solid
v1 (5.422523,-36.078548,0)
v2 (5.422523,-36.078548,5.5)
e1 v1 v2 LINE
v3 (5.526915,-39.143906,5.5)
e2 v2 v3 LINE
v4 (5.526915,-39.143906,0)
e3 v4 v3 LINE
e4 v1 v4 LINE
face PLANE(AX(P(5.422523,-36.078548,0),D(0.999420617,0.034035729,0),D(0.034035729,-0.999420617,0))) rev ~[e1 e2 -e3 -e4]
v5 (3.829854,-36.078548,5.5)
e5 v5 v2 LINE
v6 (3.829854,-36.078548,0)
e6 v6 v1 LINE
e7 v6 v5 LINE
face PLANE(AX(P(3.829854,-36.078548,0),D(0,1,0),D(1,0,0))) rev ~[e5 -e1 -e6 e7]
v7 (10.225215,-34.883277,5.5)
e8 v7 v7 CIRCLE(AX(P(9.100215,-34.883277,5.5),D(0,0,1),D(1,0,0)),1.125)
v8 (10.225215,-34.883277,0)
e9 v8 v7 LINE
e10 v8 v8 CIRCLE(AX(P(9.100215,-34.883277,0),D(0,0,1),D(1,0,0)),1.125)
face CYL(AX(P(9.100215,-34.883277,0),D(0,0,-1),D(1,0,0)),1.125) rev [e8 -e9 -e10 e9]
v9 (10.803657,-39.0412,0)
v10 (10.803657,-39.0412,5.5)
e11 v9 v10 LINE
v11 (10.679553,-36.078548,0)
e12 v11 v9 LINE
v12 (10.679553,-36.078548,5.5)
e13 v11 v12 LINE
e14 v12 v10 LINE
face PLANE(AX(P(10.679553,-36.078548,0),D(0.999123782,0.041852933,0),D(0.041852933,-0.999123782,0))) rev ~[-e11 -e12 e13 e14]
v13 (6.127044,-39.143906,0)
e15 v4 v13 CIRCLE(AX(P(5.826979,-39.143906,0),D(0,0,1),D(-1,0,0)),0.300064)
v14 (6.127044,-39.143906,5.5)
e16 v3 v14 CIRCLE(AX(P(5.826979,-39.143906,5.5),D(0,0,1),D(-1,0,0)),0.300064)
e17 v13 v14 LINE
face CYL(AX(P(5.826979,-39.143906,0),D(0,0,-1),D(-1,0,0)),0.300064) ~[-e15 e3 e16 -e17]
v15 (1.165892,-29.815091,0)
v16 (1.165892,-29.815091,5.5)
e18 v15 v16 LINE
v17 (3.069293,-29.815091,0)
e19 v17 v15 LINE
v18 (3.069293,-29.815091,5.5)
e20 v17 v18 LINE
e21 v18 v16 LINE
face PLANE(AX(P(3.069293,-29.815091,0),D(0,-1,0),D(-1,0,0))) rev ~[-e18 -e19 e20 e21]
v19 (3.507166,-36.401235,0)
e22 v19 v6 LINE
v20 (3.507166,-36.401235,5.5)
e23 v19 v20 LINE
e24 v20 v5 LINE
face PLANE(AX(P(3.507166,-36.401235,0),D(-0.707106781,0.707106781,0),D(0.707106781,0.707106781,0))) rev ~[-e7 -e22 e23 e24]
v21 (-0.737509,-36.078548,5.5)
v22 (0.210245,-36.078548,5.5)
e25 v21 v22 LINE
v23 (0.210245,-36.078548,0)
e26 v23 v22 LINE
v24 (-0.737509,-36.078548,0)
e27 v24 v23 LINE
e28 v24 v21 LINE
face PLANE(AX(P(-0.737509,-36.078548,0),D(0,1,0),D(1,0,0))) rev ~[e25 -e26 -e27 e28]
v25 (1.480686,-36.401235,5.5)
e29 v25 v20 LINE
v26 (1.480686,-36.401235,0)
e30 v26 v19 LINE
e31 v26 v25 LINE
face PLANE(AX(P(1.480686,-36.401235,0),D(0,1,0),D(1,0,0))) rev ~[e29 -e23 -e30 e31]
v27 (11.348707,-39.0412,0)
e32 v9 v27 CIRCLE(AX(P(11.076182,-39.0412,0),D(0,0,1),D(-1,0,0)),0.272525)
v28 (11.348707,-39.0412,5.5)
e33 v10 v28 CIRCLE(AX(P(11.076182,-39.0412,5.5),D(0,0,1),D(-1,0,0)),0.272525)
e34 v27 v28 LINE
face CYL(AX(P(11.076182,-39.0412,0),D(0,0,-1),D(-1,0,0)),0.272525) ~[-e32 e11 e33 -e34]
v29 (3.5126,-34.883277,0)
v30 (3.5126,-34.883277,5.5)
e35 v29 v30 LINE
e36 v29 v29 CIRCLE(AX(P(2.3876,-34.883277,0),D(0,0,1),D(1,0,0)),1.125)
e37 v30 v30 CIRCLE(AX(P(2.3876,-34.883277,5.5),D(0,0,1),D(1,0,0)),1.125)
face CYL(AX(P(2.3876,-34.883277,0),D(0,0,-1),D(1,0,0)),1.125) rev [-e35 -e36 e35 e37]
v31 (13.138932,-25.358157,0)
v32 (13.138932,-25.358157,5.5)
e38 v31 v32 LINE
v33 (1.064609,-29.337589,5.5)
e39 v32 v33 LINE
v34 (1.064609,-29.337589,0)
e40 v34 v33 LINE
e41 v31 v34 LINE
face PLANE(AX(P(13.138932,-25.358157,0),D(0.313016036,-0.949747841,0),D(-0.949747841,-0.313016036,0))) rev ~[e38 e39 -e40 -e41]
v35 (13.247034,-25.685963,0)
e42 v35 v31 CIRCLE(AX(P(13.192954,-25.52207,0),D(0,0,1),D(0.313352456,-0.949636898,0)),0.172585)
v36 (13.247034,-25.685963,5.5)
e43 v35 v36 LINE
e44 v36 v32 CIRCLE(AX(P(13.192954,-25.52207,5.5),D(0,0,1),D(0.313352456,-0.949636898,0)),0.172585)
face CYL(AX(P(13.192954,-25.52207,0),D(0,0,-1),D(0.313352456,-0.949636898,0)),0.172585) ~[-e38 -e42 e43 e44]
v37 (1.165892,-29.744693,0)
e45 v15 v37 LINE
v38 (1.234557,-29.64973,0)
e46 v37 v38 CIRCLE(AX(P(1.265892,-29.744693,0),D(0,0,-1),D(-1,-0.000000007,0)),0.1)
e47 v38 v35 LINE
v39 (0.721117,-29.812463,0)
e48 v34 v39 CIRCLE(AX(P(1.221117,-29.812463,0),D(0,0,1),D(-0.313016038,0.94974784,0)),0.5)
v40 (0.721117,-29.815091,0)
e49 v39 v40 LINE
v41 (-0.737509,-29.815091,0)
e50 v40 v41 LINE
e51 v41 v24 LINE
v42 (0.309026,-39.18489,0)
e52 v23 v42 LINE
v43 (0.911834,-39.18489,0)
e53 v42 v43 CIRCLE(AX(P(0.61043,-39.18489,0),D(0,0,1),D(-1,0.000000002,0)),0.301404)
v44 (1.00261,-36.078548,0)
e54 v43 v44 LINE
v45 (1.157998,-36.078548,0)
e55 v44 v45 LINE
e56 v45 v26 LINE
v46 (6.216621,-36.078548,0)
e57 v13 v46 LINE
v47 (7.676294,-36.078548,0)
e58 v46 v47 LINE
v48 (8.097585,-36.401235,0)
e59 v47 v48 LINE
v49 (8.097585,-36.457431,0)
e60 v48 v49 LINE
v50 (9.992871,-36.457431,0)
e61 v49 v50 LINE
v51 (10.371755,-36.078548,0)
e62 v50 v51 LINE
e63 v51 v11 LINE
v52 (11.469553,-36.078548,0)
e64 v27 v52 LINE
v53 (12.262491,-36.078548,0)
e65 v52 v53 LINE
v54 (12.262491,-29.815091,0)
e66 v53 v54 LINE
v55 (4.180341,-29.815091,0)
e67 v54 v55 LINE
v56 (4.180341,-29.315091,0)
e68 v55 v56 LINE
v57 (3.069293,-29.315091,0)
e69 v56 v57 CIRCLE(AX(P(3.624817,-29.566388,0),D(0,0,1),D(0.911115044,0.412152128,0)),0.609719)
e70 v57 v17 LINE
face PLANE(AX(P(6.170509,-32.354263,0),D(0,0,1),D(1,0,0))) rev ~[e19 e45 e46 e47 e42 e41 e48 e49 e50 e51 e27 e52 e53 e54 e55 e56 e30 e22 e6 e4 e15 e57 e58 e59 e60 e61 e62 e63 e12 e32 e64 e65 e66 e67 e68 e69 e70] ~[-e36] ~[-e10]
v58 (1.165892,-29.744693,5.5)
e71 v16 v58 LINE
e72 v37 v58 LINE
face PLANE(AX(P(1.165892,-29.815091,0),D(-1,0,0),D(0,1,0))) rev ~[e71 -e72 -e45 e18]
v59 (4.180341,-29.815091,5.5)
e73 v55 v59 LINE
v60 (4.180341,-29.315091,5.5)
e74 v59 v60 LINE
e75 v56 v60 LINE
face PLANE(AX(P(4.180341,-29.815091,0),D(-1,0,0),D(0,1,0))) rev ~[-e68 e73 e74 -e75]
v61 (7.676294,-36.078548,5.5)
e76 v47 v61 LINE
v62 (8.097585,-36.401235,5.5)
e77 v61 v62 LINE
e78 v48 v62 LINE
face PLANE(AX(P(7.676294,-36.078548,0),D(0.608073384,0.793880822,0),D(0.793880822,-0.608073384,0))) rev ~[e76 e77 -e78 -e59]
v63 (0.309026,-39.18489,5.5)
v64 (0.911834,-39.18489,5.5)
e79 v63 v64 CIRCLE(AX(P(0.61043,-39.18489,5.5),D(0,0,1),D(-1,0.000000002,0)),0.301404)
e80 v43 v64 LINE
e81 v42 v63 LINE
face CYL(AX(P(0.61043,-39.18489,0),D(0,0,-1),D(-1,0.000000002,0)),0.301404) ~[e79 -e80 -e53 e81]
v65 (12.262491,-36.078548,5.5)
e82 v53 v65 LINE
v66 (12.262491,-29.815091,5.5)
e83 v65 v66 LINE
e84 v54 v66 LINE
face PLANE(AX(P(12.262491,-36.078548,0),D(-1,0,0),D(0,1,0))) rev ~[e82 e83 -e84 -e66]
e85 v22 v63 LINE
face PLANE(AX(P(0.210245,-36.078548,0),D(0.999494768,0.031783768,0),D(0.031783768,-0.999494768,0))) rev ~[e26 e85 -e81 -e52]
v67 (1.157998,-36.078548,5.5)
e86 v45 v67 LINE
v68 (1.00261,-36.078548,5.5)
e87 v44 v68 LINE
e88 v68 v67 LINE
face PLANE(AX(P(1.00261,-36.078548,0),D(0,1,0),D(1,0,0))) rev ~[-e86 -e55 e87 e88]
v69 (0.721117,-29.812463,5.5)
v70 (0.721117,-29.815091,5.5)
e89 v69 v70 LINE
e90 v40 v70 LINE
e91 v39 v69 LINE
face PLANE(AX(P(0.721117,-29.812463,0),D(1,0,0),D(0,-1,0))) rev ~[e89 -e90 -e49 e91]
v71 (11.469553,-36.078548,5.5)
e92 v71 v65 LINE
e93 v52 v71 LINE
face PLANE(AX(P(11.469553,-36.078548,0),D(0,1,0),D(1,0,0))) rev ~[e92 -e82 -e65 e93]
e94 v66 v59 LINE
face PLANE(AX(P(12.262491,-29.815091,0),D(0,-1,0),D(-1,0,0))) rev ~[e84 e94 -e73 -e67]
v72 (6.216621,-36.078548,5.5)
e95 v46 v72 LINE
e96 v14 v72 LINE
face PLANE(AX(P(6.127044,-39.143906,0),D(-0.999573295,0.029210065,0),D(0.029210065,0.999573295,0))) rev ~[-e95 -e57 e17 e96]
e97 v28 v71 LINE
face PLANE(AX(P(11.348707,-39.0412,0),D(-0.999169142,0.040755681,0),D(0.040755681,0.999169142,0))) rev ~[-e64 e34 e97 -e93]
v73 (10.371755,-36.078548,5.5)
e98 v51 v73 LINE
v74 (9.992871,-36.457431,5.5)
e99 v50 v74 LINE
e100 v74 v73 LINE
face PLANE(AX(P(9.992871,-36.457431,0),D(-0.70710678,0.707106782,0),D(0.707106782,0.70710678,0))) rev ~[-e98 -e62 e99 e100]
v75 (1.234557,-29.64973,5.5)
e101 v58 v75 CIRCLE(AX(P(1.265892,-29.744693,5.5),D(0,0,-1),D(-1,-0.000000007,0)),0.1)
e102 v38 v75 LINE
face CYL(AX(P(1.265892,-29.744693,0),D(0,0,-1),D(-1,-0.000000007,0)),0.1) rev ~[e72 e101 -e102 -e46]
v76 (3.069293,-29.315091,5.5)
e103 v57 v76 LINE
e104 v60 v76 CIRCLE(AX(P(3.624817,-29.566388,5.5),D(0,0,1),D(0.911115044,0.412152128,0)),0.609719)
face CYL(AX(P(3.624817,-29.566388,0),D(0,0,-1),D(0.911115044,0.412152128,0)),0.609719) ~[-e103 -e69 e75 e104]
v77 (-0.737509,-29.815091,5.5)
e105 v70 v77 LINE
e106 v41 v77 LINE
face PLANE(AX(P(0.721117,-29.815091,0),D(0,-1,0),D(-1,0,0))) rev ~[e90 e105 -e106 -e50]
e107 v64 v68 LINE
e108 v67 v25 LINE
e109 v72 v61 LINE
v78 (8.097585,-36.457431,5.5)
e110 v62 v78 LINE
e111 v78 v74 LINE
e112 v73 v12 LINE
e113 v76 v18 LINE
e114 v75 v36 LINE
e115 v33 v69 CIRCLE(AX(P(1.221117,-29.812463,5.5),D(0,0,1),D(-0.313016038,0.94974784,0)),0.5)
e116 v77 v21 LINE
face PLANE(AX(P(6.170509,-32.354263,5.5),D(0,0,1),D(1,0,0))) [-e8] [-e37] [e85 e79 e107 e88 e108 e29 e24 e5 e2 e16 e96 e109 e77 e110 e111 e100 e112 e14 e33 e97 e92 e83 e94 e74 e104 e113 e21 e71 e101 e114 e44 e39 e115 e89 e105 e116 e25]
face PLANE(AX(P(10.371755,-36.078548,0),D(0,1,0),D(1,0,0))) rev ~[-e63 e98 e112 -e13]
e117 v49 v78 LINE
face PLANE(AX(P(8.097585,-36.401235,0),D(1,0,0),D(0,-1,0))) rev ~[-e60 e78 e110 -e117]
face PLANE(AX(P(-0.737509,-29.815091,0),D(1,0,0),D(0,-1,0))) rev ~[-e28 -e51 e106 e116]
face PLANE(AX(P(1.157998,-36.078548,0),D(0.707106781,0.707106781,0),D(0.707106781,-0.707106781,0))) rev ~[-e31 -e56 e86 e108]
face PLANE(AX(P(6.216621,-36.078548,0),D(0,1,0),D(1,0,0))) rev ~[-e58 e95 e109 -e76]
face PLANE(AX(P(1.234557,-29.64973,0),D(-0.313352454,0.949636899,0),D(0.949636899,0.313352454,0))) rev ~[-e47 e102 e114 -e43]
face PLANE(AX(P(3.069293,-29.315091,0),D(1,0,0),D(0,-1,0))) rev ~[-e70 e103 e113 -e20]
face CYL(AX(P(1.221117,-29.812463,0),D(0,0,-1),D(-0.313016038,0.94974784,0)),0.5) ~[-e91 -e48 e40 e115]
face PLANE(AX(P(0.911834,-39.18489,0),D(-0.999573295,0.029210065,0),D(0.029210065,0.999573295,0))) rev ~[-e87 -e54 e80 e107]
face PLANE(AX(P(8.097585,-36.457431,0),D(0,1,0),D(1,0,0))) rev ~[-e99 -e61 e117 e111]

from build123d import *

# Parameters (mm, degrees)
IZIM1_R                     = 1.125
Y_KSEKLIK_EKSTR_ZYON1_DEPTH = 5.5


with BuildPart() as part:
    # Çizim1 → Yükseklik-Ekstrüzyon1 (new body)
    with BuildSketch(Plane.XY):
        with BuildLine():
            Line((-0.73750862, -36.078547579), (0.210244923, -36.078547579))
            Line((0.210244923, -36.078547579), (0.309026113, -39.184890491))
            ThreePointArc((0.309026113, -39.184890491), (0.610430221, -39.4862946), (0.91183433, -39.184890491))
            Line((0.91183433, -39.184890491), (1.002609544, -36.078547579))
            Line((1.002609544, -36.078547579), (1.157998466, -36.078547579))
            Line((1.157998466, -36.078547579), (1.480686358, -36.401235471))
            Line((1.480686358, -36.401235471), (3.507166322, -36.401235471))
            Line((3.507166322, -36.401235471), (3.829854214, -36.078547579))
            Line((3.829854214, -36.078547579), (5.422522789, -36.078547579))
            Line((5.422522789, -36.078547579), (5.526914996, -39.143906466))
            ThreePointArc((5.526914996, -39.143906466), (5.826979248, -39.443970718), (6.1270435, -39.143906466))
            Line((6.1270435, -39.143906466), (6.216621056, -36.078547579))
            Line((6.216621056, -36.078547579), (7.67629389, -36.078547579))
            Line((7.67629389, -36.078547579), (8.097584701, -36.401235471))
            Line((8.097584701, -36.401235471), (8.097584701, -36.457430984))
            Line((8.097584701, -36.457430984), (9.992871432, -36.457430984))
            Line((9.992871432, -36.457430984), (10.371754838, -36.078547579))
            Line((10.371754838, -36.078547579), (10.679552543, -36.078547579))
            Line((10.679552543, -36.078547579), (10.803656958, -39.041199534))
            ThreePointArc((10.803656958, -39.041199534), (11.076182099, -39.313724675), (11.34870724, -39.041199534))
            Line((11.34870724, -39.041199534), (11.469552543, -36.078547579))
            Line((11.469552543, -36.078547579), (12.26249138, -36.078547579))
            Line((12.26249138, -36.078547579), (12.26249138, -29.81509131))
            Line((12.26249138, -29.81509131), (4.18034079, -29.81509131))
            Line((4.18034079, -29.81509131), (4.18034079, -29.31509131))
            ThreePointArc((4.18034079, -29.31509131), (3.624816768, -28.956669378), (3.069292745, -29.31509131))
            Line((3.069292745, -29.31509131), (3.069292745, -29.81509131))
            Line((3.069292745, -29.81509131), (1.165892063, -29.81509131))
            Line((1.165892063, -29.81509131), (1.165892063, -29.744693477))
            ThreePointArc((1.165892063, -29.744693477), (1.184856501, -29.68609964), (1.234556818, -29.649729787))
            Line((1.234556818, -29.649729787), (13.247034334, -25.685962886))
            ThreePointArc((13.247034334, -25.685962886), (13.356857182, -25.468018658), (13.138932408, -25.358157209))
            Line((13.138932408, -25.358157209), (1.064608949, -29.337589121))
            ThreePointArc((1.064608949, -29.337589121), (0.815991055, -29.519422097), (0.721116967, -29.812463042))
            Line((0.721116967, -29.812463042), (0.721116967, -29.81509131))
            Line((0.721116967, -29.81509131), (-0.73750862, -29.81509131))
            Line((-0.73750862, -29.81509131), (-0.73750862, -36.078547579))
        make_face()
        with Locations((2.387599646, -34.883277444)):
            Circle(IZIM1_R, mode=Mode.SUBTRACT)
        with Locations((9.100214646, -34.883277444)):
            Circle(IZIM1_R, mode=Mode.SUBTRACT)
    extrude(amount=Y_KSEKLIK_EKSTR_ZYON1_DEPTH)


solid = part.part
